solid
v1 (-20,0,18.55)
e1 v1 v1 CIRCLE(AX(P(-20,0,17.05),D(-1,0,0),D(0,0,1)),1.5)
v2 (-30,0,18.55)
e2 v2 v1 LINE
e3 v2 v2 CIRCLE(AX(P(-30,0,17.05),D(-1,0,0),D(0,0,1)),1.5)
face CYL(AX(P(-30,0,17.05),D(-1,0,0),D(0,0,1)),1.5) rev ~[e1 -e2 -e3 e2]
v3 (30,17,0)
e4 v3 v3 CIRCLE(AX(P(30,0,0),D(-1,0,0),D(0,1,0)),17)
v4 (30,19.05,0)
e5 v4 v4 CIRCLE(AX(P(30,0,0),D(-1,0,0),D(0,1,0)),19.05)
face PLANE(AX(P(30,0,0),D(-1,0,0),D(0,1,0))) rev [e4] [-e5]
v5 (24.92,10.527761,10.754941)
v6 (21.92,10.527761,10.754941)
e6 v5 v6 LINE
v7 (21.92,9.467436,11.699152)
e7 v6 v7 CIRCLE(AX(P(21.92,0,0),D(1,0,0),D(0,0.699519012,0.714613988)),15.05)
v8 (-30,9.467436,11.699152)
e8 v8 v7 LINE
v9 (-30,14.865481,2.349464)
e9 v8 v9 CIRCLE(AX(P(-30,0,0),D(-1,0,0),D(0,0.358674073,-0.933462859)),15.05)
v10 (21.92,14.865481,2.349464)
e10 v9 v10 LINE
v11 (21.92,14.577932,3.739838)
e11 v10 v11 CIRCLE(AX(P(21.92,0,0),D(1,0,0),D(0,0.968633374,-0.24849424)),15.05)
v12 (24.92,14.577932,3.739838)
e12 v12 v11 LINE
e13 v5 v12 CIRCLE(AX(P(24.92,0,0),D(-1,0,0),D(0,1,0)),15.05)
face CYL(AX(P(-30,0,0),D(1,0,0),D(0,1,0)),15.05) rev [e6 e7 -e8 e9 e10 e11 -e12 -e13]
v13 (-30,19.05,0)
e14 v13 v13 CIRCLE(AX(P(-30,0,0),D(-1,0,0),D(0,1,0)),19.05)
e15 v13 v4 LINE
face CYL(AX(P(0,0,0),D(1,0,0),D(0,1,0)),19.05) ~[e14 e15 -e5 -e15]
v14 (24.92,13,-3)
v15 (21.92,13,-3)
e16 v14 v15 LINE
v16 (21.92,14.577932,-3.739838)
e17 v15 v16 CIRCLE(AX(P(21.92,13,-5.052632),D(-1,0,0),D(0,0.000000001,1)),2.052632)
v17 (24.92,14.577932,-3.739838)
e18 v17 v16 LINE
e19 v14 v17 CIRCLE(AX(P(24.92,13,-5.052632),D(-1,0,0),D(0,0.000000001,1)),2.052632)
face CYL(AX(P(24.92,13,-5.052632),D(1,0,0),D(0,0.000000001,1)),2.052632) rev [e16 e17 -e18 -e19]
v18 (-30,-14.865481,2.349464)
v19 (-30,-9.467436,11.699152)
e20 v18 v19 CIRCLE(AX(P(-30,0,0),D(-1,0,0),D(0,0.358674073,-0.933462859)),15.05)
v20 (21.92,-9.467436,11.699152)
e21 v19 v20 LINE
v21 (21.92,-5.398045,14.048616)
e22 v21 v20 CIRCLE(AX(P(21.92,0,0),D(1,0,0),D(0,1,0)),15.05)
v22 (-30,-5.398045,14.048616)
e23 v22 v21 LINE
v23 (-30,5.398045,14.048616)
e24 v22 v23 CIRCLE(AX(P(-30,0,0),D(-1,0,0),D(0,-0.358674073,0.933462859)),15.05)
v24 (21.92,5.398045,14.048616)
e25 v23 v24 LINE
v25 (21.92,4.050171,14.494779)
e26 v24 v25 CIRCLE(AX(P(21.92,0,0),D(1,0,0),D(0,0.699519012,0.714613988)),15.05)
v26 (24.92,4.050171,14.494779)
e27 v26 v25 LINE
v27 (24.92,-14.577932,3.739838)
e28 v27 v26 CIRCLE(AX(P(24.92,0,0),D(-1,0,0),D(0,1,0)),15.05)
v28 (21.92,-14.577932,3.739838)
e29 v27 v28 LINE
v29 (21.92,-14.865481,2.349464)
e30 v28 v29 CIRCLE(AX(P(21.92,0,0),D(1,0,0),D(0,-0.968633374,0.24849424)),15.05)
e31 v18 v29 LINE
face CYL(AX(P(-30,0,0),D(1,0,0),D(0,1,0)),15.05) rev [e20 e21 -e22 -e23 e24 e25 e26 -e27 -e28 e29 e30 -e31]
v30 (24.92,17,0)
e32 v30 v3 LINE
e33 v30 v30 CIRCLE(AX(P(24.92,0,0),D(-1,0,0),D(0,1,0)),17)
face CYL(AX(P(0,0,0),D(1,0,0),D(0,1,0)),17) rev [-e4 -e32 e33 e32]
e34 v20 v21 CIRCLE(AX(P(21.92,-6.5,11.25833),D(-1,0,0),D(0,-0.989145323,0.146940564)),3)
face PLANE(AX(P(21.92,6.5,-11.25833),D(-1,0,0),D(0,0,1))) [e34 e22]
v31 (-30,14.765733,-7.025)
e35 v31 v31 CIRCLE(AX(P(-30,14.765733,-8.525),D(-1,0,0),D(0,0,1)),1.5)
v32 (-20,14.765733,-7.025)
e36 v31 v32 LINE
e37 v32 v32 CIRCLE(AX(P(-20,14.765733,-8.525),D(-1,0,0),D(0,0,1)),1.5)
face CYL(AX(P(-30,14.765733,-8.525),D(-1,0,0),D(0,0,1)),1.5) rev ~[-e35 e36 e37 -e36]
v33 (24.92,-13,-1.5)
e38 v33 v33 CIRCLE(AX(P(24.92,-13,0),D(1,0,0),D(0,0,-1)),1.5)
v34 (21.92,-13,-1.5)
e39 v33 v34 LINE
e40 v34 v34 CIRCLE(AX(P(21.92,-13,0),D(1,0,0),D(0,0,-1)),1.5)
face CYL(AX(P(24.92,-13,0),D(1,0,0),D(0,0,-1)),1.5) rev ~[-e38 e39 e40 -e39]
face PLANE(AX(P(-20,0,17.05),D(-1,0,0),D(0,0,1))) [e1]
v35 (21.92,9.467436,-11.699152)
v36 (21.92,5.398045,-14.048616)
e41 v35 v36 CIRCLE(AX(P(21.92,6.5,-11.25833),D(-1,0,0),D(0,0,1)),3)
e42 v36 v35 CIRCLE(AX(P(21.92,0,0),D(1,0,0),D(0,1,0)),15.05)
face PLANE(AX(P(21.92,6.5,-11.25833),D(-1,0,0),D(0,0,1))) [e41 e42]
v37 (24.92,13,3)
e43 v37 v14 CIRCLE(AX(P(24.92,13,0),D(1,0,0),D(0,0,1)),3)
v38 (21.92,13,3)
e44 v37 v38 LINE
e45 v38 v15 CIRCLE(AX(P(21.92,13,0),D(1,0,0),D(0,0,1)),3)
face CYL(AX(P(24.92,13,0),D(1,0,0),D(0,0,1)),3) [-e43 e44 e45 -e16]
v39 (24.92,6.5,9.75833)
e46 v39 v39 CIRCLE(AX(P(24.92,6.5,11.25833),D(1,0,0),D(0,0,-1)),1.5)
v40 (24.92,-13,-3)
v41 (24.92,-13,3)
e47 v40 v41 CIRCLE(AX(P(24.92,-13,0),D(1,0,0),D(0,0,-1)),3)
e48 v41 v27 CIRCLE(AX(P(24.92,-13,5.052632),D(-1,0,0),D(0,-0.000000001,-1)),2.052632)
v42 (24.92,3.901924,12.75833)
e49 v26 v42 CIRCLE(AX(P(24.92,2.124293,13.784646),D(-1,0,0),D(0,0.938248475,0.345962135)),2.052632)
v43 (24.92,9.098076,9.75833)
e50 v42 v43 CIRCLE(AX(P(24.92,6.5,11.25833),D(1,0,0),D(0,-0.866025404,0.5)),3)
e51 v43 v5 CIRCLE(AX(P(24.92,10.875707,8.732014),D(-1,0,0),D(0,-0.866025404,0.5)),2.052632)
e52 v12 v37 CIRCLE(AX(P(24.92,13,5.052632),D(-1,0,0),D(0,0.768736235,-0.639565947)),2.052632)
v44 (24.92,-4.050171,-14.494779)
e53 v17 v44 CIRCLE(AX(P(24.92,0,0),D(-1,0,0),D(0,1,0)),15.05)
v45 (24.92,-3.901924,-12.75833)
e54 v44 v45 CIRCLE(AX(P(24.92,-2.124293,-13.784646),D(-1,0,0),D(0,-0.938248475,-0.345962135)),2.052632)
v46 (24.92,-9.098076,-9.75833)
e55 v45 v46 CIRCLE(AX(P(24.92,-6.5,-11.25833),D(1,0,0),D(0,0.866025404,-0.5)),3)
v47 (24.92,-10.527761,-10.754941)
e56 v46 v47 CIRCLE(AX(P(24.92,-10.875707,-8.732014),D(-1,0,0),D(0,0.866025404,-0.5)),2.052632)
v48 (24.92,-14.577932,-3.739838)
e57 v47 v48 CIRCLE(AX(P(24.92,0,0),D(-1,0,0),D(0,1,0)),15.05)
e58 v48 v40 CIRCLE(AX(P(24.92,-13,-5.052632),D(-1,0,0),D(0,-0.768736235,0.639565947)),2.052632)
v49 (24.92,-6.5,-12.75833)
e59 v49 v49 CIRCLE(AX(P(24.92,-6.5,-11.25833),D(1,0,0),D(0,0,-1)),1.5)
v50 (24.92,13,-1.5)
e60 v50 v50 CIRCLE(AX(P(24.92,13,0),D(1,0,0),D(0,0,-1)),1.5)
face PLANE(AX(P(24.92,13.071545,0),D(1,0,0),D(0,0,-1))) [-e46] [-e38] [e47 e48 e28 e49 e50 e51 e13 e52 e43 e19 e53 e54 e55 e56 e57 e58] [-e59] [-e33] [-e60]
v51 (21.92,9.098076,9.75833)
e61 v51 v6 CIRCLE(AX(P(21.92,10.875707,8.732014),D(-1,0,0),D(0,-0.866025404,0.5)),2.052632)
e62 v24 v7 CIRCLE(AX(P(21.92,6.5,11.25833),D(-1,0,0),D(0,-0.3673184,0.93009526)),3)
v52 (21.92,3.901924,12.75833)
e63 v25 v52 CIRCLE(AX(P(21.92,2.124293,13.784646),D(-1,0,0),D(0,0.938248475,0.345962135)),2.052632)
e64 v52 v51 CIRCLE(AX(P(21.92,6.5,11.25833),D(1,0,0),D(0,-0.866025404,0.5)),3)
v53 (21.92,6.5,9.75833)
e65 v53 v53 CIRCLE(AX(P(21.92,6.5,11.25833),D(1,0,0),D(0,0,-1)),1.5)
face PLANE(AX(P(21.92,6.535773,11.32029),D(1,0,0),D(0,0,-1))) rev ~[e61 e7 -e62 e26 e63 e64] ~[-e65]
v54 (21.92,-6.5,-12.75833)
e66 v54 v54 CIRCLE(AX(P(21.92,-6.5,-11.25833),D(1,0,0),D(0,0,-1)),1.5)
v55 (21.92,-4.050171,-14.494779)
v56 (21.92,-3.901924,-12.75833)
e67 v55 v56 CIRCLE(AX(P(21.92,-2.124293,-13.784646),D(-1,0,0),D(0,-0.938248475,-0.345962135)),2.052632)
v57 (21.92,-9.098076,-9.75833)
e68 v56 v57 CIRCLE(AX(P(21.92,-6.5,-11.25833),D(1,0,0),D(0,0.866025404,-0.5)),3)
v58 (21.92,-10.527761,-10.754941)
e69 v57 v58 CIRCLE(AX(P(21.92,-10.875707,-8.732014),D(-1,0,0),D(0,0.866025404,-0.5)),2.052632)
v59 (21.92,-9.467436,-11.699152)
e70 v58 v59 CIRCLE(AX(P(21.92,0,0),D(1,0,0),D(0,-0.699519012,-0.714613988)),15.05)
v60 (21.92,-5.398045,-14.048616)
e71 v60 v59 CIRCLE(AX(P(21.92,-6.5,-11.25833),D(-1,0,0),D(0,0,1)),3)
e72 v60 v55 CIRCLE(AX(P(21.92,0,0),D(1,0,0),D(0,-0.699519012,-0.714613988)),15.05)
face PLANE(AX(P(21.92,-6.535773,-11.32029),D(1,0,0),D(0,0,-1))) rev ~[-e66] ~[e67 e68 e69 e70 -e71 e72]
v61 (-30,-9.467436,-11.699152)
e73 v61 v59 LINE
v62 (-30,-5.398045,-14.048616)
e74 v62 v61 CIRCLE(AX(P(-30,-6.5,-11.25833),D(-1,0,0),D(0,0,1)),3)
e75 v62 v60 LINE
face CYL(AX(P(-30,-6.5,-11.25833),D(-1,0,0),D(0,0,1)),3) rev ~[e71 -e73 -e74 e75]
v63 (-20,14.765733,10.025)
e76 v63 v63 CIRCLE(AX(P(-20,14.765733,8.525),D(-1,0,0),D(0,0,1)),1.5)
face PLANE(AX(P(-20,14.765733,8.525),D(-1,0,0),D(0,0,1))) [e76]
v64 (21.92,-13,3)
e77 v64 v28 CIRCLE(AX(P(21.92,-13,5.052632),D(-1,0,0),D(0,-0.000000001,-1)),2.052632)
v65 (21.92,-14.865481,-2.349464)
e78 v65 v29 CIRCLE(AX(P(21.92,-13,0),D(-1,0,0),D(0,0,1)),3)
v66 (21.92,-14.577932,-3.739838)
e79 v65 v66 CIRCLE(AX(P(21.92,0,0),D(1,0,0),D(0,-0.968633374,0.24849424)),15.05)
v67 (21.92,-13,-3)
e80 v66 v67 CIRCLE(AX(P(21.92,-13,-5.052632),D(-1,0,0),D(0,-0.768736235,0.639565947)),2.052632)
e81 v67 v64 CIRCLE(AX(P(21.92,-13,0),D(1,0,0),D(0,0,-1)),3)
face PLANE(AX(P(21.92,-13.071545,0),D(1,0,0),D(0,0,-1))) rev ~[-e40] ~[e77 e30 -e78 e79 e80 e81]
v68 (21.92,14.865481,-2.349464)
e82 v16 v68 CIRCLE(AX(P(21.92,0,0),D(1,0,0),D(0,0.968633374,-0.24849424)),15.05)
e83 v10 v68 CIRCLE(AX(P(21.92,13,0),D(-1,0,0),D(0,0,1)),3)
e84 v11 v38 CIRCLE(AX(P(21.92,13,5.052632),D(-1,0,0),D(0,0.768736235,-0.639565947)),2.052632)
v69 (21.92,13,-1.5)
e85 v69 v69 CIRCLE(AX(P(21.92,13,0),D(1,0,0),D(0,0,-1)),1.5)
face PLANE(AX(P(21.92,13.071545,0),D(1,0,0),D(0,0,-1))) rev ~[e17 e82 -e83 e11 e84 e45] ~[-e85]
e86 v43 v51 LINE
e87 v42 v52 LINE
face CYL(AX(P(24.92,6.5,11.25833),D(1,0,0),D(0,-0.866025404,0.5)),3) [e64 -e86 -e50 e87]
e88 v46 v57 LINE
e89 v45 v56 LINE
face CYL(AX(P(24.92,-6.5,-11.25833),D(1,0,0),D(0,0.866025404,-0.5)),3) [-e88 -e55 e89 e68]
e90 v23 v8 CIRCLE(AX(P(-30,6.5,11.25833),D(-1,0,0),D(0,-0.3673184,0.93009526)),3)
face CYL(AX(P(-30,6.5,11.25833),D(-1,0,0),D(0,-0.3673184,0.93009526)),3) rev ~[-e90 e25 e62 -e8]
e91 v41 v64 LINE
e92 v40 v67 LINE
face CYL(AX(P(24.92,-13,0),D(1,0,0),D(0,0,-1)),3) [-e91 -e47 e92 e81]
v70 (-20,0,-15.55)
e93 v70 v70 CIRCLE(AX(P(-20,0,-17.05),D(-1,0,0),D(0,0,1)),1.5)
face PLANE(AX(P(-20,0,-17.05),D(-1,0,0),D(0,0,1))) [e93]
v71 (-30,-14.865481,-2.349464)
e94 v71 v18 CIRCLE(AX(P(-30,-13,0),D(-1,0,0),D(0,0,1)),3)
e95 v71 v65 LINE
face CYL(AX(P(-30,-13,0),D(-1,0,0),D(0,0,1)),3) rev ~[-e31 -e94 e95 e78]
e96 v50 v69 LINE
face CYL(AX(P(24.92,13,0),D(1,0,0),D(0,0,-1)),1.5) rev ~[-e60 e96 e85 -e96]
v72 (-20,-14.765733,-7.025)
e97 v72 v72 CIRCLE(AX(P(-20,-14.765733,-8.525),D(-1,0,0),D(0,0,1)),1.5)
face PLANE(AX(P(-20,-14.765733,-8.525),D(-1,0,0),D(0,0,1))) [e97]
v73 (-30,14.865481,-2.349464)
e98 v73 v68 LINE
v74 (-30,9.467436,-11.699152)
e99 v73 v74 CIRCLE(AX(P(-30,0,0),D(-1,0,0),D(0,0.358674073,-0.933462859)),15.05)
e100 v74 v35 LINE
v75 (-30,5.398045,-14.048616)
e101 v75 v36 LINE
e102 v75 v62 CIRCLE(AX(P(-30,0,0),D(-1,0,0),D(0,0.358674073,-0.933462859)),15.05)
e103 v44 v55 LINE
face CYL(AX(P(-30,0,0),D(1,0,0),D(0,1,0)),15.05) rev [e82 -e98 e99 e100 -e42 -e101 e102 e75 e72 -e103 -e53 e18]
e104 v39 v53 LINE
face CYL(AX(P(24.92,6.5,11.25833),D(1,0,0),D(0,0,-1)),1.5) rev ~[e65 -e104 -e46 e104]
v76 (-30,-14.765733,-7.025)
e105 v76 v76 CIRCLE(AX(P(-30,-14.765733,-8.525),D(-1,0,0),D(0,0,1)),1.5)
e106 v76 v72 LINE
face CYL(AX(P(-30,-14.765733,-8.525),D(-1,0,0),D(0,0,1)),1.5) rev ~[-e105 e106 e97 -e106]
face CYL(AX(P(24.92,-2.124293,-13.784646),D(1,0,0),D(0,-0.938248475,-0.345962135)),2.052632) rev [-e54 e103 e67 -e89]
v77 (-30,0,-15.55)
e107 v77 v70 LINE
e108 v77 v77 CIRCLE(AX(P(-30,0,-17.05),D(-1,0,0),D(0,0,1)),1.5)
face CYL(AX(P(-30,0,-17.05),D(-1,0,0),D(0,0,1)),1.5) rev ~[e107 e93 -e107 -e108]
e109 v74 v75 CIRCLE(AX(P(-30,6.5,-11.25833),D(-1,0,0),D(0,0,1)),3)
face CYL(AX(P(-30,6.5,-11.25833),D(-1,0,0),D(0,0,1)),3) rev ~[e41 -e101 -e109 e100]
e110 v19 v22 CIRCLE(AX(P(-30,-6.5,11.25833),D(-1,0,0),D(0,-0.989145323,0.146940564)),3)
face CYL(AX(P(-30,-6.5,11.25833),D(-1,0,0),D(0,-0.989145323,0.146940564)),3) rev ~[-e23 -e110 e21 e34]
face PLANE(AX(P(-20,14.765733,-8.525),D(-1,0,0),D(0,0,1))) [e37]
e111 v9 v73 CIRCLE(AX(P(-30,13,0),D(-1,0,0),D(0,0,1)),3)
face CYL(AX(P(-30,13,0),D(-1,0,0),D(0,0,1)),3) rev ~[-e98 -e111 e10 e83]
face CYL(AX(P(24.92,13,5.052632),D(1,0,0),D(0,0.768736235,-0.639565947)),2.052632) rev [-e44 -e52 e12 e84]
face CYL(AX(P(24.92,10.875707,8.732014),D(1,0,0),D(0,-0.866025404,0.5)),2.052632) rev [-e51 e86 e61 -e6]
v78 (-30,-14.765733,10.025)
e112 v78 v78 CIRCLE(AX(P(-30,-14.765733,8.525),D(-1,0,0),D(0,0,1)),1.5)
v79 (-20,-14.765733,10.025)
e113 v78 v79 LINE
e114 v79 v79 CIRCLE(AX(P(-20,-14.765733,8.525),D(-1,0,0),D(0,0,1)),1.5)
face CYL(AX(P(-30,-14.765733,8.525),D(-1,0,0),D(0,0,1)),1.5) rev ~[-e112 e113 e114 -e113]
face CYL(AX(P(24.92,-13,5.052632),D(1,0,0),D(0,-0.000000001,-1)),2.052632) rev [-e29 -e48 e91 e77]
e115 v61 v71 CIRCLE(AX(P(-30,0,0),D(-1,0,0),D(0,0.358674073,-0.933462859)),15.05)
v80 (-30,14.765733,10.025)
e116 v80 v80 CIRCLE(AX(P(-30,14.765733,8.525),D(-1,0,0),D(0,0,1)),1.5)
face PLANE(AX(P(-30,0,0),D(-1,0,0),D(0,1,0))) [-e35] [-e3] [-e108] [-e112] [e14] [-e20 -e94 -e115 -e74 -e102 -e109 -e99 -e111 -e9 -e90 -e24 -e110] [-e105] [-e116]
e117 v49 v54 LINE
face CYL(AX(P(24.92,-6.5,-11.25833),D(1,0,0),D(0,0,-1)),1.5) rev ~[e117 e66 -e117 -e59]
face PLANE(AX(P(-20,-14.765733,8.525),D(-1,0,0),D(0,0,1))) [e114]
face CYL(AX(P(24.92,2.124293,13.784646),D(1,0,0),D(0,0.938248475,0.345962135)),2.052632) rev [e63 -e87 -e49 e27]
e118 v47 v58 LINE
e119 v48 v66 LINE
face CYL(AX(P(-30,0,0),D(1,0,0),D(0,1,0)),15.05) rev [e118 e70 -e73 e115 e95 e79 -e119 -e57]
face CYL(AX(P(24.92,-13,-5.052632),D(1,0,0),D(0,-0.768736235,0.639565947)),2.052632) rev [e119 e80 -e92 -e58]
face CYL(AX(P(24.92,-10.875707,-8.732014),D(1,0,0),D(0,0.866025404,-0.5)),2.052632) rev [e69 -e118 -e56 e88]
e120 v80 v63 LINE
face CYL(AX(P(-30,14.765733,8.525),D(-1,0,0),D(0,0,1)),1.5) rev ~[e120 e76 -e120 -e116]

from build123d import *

# Parameters (mm, degrees)
SKETCH1_W           = 60
SKETCH1_H           = 2.05
SKETCH1_W_2         = 47.3
SKETCH1_H_2         = 1.95
SKETCH1_W_3         = 1.27
SKETCH1_W_4         = 6.35
SKETCH2_R           = 1.5
BOSS_EXTRUDE1_DEPTH = 3
SKETCH5_R           = 1.5
CUT_EXTRUDE1_DEPTH  = 10
SKETCH6_R           = 3
SKETCH6_R_2         = 15.05
CUT_EXTRUDE2_DEPTH  = 51.92


with BuildPart() as part:
    # Sketch1 → Revolve1 (revolve)
    with BuildSketch(Plane.XY):
        with Locations((0, 18.025)):
            Rectangle(SKETCH1_W, SKETCH1_H)
        with Locations((0, 16.025)):
            Rectangle(SKETCH1_W_2, SKETCH1_H_2)
        with Locations((24.285, 16.025)):
            Rectangle(SKETCH1_W_3, SKETCH1_H_2)
        with Locations((-26.825, 16.025)):
            Rectangle(SKETCH1_W_4, SKETCH1_H_2)
    revolve(axis=Axis((0, 0, 0), (-1, 0, 0)))

    # Sketch2 → Boss-Extrude1 (add)
    with BuildSketch(Plane(origin=(24.92, 0, 0), x_dir=(0, 0, -1), z_dir=(1, 0, 0))):
        with BuildLine():
            ThreePointArc((-3.73983832, 14.577932273), (-3.194140619, 13.871382665), (-3, 13))
            ThreePointArc((-3, 13), (0, 10), (3, 13))
            ThreePointArc((3, 13), (3.194140619, 13.871382665), (3.73983832, 14.577932273))
            ThreePointArc((3.73983832, 14.577932273), (0, 15.05), (-3.73983832, 14.577932273))
        make_face()
        with Locations((0, 13)):
            Circle(SKETCH2_R, mode=Mode.SUBTRACT)
        with BuildLine():
            ThreePointArc((-9.758330249, 9.098076211), (-10.415899464, 9.701898251), (-10.754940523, 10.527761127))
            ThreePointArc((-10.754940523, 10.527761127), (-13.033682327, 7.525), (-14.494778842, 4.050171146))
            ThreePointArc((-14.494778842, 4.050171146), (-13.610040083, 4.169484414), (-12.758330249, 3.901923789))
            ThreePointArc((-12.758330249, 3.901923789), (-8.660254038, 5), (-9.758330249, 9.098076211))
        make_face()
        with Locations((-11.258330249, 6.5)):
            Circle(SKETCH2_R, mode=Mode.SUBTRACT)
        with BuildLine():
            ThreePointArc((10.754940523, -10.527761127), (13.033682327, -7.525), (14.494778842, -4.050171146))
            ThreePointArc((14.494778842, -4.050171146), (13.610040083, -4.169484414), (12.758330249, -3.901923789))
            ThreePointArc((12.758330249, -3.901923789), (8.660254038, -5), (9.758330249, -9.098076211))
            ThreePointArc((9.758330249, -9.098076211), (10.415899464, -9.701898251), (10.754940523, -10.527761127))
        make_face()
        with Locations((11.258330249, -6.5)):
            Circle(SKETCH2_R, mode=Mode.SUBTRACT)
        with BuildLine():
            ThreePointArc((-3, -13), (-3.194140619, -13.871382665), (-3.73983832, -14.577932273))
            ThreePointArc((-3.73983832, -14.577932273), (0, -15.05), (3.73983832, -14.577932273))
            ThreePointArc((3.73983832, -14.577932273), (3.194140619, -13.871382665), (3, -13))
            ThreePointArc((3, -13), (0, -10), (-3, -13))
        make_face()
        with Locations((0, -13)):
            Circle(SKETCH2_R, mode=Mode.SUBTRACT)
    extrude(amount=-BOSS_EXTRUDE1_DEPTH)

    # Sketch5 → Cut-Extrude1 (cut)
    with BuildSketch(Plane.ZY.offset(30)):
        with Locations((-8.525, -14.765733135)):
            Circle(SKETCH5_R)
        with Locations((8.525, -14.765733135)):
            Circle(SKETCH5_R)
        with Locations((17.05, 0)):
            Circle(SKETCH5_R)
        with Locations((-17.05, 0)):
            Circle(SKETCH5_R)
        with Locations((8.525, 14.765733135)):
            Circle(SKETCH5_R)
        with Locations((-8.525, 14.765733135)):
            Circle(SKETCH5_R)
    extrude(amount=-CUT_EXTRUDE1_DEPTH, mode=Mode.SUBTRACT)

    # Sketch6 → Cut-Extrude2 (cut)
    with BuildSketch(Plane.ZY.offset(30)):
        with Locations((-11.258330249, 6.5)):
            Circle(SKETCH6_R)
        Circle(SKETCH6_R_2)
        with Locations((-11.258330249, 6.5)):
            Circle(SKETCH6_R)
        Circle(SKETCH6_R_2)
        with Locations((0, 13)):
            Circle(SKETCH6_R)
        Circle(SKETCH6_R_2)
        with Locations((11.258330249, 6.5)):
            Circle(SKETCH6_R)
        Circle(SKETCH6_R_2)
        with Locations((11.258330249, 6.5)):
            Circle(SKETCH6_R)
        Circle(SKETCH6_R_2)
        with Locations((11.258330249, -6.5)):
            Circle(SKETCH6_R)
        Circle(SKETCH6_R_2)
        with Locations((11.258330249, -6.5)):
            Circle(SKETCH6_R)
        Circle(SKETCH6_R_2)
        with Locations((0, -13)):
            Circle(SKETCH6_R)
        Circle(SKETCH6_R_2)
        with Locations((0, -13)):
            Circle(SKETCH6_R)
        Circle(SKETCH6_R_2)
        with Locations((-11.258330249, -6.5)):
            Circle(SKETCH6_R)
        Circle(SKETCH6_R_2)
        with Locations((-11.258330249, -6.5)):
            Circle(SKETCH6_R)
        Circle(SKETCH6_R_2)
    extrude(amount=-CUT_EXTRUDE2_DEPTH, mode=Mode.SUBTRACT)


solid = part.part
